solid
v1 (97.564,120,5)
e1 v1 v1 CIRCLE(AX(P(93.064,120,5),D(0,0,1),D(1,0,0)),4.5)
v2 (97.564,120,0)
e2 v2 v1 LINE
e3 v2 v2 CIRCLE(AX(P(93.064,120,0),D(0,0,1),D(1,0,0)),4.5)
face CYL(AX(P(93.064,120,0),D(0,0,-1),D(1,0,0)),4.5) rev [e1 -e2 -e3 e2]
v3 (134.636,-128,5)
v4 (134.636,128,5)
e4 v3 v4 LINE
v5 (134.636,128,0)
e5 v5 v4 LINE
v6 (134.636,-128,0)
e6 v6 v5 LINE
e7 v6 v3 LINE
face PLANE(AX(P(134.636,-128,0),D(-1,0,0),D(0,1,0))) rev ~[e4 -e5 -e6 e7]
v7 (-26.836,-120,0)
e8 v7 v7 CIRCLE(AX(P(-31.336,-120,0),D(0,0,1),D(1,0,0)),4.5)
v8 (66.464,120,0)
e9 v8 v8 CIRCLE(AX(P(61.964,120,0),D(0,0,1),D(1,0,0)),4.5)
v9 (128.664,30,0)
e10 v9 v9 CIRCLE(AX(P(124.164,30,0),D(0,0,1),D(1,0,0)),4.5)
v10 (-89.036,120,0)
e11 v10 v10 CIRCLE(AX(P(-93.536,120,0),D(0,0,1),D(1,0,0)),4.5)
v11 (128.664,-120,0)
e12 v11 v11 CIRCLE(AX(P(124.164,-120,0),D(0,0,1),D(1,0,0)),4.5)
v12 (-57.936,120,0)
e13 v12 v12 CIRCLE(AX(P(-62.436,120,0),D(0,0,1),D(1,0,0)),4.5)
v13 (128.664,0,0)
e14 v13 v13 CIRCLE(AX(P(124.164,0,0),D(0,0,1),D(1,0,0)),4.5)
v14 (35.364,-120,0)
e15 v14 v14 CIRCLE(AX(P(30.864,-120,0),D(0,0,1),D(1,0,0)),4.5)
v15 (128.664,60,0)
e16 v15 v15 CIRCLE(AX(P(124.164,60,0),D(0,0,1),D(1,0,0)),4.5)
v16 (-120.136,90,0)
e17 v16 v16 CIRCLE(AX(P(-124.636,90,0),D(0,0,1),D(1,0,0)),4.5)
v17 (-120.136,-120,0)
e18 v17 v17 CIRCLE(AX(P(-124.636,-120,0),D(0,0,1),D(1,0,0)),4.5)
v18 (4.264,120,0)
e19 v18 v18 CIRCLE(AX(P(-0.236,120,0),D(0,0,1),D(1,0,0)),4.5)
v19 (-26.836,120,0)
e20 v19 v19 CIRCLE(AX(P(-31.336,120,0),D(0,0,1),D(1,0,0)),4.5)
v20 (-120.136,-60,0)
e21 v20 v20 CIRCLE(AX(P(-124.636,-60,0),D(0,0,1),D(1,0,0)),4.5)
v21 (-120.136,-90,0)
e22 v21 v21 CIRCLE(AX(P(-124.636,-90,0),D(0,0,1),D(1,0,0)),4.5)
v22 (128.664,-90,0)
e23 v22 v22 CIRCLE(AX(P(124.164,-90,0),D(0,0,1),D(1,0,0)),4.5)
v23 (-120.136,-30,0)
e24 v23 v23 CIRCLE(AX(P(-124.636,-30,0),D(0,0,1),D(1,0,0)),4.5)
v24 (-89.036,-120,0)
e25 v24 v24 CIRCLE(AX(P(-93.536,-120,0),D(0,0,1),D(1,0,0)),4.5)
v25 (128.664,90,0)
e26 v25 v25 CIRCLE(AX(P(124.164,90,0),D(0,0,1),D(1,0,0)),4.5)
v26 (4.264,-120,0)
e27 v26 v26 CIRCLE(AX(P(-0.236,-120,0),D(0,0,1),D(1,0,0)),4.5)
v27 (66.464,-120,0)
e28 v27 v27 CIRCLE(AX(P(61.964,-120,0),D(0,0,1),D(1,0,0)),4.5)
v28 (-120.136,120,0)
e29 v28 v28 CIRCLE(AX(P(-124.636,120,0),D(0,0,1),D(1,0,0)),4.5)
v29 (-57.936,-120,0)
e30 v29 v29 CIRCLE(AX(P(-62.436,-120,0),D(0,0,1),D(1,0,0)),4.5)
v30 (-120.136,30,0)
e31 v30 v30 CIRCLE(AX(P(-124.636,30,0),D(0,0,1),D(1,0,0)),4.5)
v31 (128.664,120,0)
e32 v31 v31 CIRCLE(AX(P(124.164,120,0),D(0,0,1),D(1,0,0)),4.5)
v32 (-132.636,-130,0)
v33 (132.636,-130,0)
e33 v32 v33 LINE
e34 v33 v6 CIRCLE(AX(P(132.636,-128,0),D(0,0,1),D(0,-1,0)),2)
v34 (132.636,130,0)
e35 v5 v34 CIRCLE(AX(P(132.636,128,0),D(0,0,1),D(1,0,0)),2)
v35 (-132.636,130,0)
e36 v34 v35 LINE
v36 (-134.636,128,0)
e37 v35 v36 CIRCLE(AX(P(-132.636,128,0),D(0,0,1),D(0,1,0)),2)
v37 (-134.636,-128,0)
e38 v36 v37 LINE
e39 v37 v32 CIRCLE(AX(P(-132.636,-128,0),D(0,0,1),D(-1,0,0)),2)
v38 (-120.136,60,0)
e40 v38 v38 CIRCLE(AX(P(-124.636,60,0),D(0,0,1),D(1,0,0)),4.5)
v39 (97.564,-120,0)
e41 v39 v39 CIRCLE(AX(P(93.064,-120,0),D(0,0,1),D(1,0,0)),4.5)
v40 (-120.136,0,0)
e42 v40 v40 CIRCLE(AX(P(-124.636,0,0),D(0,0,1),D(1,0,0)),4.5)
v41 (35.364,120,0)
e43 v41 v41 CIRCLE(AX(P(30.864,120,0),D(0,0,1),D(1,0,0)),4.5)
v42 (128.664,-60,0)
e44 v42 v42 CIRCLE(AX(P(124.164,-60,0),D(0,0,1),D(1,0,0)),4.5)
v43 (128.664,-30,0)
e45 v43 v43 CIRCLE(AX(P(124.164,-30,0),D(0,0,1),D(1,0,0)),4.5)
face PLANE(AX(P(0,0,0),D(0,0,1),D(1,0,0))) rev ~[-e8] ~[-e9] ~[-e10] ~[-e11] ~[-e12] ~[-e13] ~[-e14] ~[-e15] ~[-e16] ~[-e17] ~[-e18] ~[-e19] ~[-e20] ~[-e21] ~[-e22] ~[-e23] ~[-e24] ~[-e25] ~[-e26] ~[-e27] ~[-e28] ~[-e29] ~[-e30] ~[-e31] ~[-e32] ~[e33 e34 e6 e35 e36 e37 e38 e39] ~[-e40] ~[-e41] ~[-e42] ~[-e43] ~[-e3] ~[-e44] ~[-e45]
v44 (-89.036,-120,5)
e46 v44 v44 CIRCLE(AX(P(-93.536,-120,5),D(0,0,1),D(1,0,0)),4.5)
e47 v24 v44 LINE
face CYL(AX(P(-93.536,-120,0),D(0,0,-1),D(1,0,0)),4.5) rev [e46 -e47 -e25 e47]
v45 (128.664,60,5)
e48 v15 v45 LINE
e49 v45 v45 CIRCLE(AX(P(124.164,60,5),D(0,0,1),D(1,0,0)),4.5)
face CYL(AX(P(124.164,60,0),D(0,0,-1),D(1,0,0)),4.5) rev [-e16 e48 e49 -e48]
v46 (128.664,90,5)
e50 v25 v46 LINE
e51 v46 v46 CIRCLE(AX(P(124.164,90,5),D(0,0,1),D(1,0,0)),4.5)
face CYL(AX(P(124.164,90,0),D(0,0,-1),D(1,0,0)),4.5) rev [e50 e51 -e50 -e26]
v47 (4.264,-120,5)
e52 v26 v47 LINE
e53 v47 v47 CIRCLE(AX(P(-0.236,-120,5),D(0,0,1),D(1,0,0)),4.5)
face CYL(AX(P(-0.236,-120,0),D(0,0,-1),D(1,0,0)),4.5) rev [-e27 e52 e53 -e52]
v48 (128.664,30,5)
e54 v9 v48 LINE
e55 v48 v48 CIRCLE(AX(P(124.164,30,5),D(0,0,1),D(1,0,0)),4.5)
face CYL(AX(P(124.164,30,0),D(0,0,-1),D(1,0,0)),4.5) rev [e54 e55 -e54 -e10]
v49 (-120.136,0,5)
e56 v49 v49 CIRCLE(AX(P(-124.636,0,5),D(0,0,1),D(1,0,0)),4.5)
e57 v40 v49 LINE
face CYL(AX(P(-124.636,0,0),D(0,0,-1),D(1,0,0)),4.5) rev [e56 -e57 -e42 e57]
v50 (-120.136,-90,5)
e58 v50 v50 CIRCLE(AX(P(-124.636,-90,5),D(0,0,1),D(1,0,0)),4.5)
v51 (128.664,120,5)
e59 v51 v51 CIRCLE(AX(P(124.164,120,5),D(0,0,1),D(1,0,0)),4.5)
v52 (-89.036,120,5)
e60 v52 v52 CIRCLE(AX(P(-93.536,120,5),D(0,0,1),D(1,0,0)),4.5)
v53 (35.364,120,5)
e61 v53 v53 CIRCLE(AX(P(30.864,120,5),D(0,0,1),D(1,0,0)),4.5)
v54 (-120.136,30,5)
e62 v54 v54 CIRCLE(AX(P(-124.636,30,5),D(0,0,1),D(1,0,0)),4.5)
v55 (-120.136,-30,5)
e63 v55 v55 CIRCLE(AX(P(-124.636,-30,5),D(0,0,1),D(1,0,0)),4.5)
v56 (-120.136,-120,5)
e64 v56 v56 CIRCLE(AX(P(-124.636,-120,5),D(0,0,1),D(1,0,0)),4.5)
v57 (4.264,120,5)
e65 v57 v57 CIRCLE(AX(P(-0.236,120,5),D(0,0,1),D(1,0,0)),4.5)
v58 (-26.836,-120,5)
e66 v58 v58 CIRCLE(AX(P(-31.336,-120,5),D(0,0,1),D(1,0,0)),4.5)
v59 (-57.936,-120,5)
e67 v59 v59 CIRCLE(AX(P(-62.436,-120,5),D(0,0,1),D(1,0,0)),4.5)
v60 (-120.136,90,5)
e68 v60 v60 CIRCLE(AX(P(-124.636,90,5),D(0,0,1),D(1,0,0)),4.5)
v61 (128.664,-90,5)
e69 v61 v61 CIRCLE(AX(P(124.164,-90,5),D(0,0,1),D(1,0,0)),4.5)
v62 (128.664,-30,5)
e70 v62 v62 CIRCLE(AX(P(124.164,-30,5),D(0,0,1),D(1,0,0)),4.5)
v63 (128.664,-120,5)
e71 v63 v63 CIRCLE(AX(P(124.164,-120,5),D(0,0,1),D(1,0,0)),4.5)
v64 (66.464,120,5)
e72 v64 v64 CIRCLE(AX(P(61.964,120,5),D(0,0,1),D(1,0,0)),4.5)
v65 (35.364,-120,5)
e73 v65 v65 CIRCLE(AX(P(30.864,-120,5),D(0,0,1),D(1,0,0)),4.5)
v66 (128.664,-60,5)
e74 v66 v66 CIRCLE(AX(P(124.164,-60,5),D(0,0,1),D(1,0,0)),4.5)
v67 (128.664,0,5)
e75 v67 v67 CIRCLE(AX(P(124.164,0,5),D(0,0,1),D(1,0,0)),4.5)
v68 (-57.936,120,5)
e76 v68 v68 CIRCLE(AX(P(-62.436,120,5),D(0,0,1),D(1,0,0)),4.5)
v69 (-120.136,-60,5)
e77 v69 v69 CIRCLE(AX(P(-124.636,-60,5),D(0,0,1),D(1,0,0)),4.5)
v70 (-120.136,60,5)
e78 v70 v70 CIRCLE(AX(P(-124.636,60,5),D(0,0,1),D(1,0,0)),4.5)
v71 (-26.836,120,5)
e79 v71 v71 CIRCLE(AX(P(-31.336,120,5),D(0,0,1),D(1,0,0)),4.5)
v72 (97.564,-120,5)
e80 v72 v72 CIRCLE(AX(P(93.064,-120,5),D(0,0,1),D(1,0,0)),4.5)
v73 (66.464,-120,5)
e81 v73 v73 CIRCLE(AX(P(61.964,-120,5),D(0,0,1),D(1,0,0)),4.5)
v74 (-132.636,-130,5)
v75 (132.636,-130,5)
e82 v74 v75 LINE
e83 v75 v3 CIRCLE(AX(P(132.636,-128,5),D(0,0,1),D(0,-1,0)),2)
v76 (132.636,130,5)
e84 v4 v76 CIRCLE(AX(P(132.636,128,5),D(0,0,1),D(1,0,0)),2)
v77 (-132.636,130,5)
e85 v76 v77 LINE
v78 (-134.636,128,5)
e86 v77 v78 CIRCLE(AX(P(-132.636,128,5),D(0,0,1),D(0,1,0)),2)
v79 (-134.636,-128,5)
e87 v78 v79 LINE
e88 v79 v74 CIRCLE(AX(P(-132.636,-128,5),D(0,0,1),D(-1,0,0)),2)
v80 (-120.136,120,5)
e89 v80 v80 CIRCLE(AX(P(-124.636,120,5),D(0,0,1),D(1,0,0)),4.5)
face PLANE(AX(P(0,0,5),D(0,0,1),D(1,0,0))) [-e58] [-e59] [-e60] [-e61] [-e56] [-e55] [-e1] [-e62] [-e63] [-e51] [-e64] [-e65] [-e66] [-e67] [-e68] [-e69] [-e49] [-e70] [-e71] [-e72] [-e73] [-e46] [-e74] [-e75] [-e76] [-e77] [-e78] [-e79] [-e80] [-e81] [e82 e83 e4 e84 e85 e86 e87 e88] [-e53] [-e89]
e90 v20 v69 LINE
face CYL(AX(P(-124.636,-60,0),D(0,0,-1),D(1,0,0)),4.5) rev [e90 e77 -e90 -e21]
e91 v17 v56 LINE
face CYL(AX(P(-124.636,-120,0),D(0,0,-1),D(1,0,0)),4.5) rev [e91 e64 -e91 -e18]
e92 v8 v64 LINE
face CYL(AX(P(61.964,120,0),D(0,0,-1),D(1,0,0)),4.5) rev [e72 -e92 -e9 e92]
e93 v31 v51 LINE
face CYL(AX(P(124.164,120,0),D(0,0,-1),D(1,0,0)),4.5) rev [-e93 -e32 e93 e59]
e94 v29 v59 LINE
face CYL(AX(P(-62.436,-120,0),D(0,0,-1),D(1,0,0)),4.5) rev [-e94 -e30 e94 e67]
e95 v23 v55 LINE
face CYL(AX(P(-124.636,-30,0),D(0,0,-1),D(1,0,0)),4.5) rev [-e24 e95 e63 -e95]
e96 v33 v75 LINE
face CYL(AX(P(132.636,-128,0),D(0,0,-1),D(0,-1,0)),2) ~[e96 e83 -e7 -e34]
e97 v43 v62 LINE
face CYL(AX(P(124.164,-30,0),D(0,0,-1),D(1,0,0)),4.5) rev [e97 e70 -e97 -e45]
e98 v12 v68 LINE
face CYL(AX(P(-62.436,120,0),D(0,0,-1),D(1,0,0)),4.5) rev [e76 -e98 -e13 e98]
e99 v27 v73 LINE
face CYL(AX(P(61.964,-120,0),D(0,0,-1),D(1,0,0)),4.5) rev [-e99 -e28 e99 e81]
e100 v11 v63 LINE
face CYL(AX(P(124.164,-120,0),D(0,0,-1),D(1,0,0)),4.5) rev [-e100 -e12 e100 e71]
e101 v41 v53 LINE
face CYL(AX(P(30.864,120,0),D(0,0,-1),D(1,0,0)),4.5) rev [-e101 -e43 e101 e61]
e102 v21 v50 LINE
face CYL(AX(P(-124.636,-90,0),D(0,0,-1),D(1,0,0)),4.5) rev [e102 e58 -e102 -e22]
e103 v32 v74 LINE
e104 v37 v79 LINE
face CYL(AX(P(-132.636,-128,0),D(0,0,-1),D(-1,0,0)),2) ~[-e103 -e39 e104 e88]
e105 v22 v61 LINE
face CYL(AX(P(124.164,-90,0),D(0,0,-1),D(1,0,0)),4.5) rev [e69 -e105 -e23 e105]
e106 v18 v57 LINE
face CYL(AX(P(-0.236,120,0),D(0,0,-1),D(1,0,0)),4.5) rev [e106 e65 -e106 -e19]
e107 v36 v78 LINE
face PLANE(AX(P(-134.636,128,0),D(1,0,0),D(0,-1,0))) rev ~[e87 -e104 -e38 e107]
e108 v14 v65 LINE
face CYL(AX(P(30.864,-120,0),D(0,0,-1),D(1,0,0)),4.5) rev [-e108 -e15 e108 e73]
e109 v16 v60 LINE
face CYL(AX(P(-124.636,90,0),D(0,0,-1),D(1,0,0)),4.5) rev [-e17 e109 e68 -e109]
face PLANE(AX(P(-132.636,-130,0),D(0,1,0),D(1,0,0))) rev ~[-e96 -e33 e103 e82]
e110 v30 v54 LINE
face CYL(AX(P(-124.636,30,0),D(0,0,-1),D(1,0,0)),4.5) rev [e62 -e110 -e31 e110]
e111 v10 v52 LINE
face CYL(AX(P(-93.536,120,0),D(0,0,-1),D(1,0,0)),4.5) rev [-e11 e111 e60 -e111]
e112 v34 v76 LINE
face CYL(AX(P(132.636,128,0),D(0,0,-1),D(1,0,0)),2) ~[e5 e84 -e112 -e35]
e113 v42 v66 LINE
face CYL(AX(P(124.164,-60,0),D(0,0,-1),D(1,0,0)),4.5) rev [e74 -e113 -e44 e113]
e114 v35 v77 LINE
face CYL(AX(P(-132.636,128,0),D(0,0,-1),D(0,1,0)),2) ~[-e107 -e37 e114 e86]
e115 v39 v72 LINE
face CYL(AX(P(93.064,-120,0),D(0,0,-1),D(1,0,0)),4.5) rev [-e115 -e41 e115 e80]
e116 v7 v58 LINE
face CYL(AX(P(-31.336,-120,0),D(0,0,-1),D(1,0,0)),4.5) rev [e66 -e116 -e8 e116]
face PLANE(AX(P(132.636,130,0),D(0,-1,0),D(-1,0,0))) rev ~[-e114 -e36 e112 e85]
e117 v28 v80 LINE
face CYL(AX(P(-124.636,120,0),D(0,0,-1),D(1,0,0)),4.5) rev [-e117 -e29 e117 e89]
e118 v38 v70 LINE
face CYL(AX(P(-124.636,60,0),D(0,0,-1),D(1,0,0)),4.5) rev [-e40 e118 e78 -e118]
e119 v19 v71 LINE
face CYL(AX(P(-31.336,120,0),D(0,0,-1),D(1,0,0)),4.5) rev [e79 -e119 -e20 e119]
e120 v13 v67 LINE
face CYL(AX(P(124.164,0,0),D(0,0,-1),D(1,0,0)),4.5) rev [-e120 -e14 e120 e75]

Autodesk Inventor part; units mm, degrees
ref_plane "YZ Plane" through (0, 0, 0) normal (1, 0, 0) x (0, 1, 0)
ref_plane "XZ Plane" through (0, 0, 0) normal (0, 1, 0) x (-1, 0, 0)
ref_plane "XY Plane" through (0, 0, 0) normal (0, 0, 1) x (1, 0, 0)
ref_plane "РабПлоскость1" through (0, 0, 0) normal (0, 0, 1) x (1, 0, 0)
sketch "Эскиз1" plane through (0, 0, 0) normal (0, 0, 1) x (1, 0, 0)
  line L0 (-134.636, 128) -> (-134.636, -128) projected
  arc A0 (-134.636, -128) -> (-132.636, -130) centre (-132.636, -128) ccw projected
  line L1 (-132.636, -130) -> (132.636, -130) projected
  arc A1 (132.636, -130) -> (134.636, -128) centre (132.636, -128) ccw projected
  line L2 (134.636, -128) -> (134.636, 128) projected
  arc A2 (134.636, 128) -> (132.636, 130) centre (132.636, 128) ccw projected
  line L3 (132.636, 130) -> (-132.636, 130) projected
  arc A3 (-132.636, 130) -> (-134.636, 128) centre (-132.636, 128) ccw projected
  circle A4 centre (-124.636, 90) radius 4.5 projected
  circle A5 centre (-124.636, 60) radius 4.5 projected
  circle A6 centre (-124.636, 30) radius 4.5 projected
  circle A7 centre (-124.636, 0) radius 4.5 projected
  circle A8 centre (-124.636, -30) radius 4.5 projected
  circle A9 centre (-124.636, -60) radius 4.5 projected
  circle A10 centre (-124.636, -90) radius 4.5 projected
  circle A11 centre (-124.636, -120) radius 4.5 projected
  circle A12 centre (-93.536, -120) radius 4.5 projected
  circle A13 centre (-62.436, -120) radius 4.5 projected
  circle A14 centre (-31.336, -120) radius 4.5 projected
  circle A15 centre (-0.236, -120) radius 4.5 projected
  circle A16 centre (30.864, -120) radius 4.5 projected
  circle A17 centre (61.964, -120) radius 4.5 projected
  circle A18 centre (93.064, -120) radius 4.5 projected
  circle A19 centre (124.164, -120) radius 4.5 projected
  circle A20 centre (124.164, -90) radius 4.5 projected
  circle A21 centre (124.164, -60) radius 4.5 projected
  circle A22 centre (124.164, -30) radius 4.5 projected
  circle A23 centre (124.164, 0) radius 4.5 projected
  circle A24 centre (124.164, 30) radius 4.5 projected
  circle A25 centre (124.164, 60) radius 4.5 projected
  circle A26 centre (124.164, 90) radius 4.5 projected
  circle A27 centre (124.164, 120) radius 4.5 projected
  circle A28 centre (93.064, 120) radius 4.5 projected
  circle A29 centre (61.964, 120) radius 4.5 projected
  circle A30 centre (30.864, 120) radius 4.5 projected
  circle A31 centre (-0.236, 120) radius 4.5 projected
  circle A32 centre (-31.336, 120) radius 4.5 projected
  circle A33 centre (-62.436, 120) radius 4.5 projected
  circle A34 centre (-93.536, 120) radius 4.5 projected
  circle A35 centre (-124.636, 120) radius 4.5 projected
  line L4 (115.364, 110) -> (115.364, -110) projected
  line L5 (115.364, -110) -> (-114.636, -110) projected
  line L6 (-114.636, -110) -> (-114.636, 110) projected
  line L7 (-114.636, 110) -> (115.364, 110) projected
  point P0 (0, 0)
extrude "Выдавливание1" add sketch "Эскиз1" along normal blind 5 contours A3 L3 A2 L2 A1 L1 A0 L0 | L4 L5 L6 L7
properties material "Чугун, серый"
